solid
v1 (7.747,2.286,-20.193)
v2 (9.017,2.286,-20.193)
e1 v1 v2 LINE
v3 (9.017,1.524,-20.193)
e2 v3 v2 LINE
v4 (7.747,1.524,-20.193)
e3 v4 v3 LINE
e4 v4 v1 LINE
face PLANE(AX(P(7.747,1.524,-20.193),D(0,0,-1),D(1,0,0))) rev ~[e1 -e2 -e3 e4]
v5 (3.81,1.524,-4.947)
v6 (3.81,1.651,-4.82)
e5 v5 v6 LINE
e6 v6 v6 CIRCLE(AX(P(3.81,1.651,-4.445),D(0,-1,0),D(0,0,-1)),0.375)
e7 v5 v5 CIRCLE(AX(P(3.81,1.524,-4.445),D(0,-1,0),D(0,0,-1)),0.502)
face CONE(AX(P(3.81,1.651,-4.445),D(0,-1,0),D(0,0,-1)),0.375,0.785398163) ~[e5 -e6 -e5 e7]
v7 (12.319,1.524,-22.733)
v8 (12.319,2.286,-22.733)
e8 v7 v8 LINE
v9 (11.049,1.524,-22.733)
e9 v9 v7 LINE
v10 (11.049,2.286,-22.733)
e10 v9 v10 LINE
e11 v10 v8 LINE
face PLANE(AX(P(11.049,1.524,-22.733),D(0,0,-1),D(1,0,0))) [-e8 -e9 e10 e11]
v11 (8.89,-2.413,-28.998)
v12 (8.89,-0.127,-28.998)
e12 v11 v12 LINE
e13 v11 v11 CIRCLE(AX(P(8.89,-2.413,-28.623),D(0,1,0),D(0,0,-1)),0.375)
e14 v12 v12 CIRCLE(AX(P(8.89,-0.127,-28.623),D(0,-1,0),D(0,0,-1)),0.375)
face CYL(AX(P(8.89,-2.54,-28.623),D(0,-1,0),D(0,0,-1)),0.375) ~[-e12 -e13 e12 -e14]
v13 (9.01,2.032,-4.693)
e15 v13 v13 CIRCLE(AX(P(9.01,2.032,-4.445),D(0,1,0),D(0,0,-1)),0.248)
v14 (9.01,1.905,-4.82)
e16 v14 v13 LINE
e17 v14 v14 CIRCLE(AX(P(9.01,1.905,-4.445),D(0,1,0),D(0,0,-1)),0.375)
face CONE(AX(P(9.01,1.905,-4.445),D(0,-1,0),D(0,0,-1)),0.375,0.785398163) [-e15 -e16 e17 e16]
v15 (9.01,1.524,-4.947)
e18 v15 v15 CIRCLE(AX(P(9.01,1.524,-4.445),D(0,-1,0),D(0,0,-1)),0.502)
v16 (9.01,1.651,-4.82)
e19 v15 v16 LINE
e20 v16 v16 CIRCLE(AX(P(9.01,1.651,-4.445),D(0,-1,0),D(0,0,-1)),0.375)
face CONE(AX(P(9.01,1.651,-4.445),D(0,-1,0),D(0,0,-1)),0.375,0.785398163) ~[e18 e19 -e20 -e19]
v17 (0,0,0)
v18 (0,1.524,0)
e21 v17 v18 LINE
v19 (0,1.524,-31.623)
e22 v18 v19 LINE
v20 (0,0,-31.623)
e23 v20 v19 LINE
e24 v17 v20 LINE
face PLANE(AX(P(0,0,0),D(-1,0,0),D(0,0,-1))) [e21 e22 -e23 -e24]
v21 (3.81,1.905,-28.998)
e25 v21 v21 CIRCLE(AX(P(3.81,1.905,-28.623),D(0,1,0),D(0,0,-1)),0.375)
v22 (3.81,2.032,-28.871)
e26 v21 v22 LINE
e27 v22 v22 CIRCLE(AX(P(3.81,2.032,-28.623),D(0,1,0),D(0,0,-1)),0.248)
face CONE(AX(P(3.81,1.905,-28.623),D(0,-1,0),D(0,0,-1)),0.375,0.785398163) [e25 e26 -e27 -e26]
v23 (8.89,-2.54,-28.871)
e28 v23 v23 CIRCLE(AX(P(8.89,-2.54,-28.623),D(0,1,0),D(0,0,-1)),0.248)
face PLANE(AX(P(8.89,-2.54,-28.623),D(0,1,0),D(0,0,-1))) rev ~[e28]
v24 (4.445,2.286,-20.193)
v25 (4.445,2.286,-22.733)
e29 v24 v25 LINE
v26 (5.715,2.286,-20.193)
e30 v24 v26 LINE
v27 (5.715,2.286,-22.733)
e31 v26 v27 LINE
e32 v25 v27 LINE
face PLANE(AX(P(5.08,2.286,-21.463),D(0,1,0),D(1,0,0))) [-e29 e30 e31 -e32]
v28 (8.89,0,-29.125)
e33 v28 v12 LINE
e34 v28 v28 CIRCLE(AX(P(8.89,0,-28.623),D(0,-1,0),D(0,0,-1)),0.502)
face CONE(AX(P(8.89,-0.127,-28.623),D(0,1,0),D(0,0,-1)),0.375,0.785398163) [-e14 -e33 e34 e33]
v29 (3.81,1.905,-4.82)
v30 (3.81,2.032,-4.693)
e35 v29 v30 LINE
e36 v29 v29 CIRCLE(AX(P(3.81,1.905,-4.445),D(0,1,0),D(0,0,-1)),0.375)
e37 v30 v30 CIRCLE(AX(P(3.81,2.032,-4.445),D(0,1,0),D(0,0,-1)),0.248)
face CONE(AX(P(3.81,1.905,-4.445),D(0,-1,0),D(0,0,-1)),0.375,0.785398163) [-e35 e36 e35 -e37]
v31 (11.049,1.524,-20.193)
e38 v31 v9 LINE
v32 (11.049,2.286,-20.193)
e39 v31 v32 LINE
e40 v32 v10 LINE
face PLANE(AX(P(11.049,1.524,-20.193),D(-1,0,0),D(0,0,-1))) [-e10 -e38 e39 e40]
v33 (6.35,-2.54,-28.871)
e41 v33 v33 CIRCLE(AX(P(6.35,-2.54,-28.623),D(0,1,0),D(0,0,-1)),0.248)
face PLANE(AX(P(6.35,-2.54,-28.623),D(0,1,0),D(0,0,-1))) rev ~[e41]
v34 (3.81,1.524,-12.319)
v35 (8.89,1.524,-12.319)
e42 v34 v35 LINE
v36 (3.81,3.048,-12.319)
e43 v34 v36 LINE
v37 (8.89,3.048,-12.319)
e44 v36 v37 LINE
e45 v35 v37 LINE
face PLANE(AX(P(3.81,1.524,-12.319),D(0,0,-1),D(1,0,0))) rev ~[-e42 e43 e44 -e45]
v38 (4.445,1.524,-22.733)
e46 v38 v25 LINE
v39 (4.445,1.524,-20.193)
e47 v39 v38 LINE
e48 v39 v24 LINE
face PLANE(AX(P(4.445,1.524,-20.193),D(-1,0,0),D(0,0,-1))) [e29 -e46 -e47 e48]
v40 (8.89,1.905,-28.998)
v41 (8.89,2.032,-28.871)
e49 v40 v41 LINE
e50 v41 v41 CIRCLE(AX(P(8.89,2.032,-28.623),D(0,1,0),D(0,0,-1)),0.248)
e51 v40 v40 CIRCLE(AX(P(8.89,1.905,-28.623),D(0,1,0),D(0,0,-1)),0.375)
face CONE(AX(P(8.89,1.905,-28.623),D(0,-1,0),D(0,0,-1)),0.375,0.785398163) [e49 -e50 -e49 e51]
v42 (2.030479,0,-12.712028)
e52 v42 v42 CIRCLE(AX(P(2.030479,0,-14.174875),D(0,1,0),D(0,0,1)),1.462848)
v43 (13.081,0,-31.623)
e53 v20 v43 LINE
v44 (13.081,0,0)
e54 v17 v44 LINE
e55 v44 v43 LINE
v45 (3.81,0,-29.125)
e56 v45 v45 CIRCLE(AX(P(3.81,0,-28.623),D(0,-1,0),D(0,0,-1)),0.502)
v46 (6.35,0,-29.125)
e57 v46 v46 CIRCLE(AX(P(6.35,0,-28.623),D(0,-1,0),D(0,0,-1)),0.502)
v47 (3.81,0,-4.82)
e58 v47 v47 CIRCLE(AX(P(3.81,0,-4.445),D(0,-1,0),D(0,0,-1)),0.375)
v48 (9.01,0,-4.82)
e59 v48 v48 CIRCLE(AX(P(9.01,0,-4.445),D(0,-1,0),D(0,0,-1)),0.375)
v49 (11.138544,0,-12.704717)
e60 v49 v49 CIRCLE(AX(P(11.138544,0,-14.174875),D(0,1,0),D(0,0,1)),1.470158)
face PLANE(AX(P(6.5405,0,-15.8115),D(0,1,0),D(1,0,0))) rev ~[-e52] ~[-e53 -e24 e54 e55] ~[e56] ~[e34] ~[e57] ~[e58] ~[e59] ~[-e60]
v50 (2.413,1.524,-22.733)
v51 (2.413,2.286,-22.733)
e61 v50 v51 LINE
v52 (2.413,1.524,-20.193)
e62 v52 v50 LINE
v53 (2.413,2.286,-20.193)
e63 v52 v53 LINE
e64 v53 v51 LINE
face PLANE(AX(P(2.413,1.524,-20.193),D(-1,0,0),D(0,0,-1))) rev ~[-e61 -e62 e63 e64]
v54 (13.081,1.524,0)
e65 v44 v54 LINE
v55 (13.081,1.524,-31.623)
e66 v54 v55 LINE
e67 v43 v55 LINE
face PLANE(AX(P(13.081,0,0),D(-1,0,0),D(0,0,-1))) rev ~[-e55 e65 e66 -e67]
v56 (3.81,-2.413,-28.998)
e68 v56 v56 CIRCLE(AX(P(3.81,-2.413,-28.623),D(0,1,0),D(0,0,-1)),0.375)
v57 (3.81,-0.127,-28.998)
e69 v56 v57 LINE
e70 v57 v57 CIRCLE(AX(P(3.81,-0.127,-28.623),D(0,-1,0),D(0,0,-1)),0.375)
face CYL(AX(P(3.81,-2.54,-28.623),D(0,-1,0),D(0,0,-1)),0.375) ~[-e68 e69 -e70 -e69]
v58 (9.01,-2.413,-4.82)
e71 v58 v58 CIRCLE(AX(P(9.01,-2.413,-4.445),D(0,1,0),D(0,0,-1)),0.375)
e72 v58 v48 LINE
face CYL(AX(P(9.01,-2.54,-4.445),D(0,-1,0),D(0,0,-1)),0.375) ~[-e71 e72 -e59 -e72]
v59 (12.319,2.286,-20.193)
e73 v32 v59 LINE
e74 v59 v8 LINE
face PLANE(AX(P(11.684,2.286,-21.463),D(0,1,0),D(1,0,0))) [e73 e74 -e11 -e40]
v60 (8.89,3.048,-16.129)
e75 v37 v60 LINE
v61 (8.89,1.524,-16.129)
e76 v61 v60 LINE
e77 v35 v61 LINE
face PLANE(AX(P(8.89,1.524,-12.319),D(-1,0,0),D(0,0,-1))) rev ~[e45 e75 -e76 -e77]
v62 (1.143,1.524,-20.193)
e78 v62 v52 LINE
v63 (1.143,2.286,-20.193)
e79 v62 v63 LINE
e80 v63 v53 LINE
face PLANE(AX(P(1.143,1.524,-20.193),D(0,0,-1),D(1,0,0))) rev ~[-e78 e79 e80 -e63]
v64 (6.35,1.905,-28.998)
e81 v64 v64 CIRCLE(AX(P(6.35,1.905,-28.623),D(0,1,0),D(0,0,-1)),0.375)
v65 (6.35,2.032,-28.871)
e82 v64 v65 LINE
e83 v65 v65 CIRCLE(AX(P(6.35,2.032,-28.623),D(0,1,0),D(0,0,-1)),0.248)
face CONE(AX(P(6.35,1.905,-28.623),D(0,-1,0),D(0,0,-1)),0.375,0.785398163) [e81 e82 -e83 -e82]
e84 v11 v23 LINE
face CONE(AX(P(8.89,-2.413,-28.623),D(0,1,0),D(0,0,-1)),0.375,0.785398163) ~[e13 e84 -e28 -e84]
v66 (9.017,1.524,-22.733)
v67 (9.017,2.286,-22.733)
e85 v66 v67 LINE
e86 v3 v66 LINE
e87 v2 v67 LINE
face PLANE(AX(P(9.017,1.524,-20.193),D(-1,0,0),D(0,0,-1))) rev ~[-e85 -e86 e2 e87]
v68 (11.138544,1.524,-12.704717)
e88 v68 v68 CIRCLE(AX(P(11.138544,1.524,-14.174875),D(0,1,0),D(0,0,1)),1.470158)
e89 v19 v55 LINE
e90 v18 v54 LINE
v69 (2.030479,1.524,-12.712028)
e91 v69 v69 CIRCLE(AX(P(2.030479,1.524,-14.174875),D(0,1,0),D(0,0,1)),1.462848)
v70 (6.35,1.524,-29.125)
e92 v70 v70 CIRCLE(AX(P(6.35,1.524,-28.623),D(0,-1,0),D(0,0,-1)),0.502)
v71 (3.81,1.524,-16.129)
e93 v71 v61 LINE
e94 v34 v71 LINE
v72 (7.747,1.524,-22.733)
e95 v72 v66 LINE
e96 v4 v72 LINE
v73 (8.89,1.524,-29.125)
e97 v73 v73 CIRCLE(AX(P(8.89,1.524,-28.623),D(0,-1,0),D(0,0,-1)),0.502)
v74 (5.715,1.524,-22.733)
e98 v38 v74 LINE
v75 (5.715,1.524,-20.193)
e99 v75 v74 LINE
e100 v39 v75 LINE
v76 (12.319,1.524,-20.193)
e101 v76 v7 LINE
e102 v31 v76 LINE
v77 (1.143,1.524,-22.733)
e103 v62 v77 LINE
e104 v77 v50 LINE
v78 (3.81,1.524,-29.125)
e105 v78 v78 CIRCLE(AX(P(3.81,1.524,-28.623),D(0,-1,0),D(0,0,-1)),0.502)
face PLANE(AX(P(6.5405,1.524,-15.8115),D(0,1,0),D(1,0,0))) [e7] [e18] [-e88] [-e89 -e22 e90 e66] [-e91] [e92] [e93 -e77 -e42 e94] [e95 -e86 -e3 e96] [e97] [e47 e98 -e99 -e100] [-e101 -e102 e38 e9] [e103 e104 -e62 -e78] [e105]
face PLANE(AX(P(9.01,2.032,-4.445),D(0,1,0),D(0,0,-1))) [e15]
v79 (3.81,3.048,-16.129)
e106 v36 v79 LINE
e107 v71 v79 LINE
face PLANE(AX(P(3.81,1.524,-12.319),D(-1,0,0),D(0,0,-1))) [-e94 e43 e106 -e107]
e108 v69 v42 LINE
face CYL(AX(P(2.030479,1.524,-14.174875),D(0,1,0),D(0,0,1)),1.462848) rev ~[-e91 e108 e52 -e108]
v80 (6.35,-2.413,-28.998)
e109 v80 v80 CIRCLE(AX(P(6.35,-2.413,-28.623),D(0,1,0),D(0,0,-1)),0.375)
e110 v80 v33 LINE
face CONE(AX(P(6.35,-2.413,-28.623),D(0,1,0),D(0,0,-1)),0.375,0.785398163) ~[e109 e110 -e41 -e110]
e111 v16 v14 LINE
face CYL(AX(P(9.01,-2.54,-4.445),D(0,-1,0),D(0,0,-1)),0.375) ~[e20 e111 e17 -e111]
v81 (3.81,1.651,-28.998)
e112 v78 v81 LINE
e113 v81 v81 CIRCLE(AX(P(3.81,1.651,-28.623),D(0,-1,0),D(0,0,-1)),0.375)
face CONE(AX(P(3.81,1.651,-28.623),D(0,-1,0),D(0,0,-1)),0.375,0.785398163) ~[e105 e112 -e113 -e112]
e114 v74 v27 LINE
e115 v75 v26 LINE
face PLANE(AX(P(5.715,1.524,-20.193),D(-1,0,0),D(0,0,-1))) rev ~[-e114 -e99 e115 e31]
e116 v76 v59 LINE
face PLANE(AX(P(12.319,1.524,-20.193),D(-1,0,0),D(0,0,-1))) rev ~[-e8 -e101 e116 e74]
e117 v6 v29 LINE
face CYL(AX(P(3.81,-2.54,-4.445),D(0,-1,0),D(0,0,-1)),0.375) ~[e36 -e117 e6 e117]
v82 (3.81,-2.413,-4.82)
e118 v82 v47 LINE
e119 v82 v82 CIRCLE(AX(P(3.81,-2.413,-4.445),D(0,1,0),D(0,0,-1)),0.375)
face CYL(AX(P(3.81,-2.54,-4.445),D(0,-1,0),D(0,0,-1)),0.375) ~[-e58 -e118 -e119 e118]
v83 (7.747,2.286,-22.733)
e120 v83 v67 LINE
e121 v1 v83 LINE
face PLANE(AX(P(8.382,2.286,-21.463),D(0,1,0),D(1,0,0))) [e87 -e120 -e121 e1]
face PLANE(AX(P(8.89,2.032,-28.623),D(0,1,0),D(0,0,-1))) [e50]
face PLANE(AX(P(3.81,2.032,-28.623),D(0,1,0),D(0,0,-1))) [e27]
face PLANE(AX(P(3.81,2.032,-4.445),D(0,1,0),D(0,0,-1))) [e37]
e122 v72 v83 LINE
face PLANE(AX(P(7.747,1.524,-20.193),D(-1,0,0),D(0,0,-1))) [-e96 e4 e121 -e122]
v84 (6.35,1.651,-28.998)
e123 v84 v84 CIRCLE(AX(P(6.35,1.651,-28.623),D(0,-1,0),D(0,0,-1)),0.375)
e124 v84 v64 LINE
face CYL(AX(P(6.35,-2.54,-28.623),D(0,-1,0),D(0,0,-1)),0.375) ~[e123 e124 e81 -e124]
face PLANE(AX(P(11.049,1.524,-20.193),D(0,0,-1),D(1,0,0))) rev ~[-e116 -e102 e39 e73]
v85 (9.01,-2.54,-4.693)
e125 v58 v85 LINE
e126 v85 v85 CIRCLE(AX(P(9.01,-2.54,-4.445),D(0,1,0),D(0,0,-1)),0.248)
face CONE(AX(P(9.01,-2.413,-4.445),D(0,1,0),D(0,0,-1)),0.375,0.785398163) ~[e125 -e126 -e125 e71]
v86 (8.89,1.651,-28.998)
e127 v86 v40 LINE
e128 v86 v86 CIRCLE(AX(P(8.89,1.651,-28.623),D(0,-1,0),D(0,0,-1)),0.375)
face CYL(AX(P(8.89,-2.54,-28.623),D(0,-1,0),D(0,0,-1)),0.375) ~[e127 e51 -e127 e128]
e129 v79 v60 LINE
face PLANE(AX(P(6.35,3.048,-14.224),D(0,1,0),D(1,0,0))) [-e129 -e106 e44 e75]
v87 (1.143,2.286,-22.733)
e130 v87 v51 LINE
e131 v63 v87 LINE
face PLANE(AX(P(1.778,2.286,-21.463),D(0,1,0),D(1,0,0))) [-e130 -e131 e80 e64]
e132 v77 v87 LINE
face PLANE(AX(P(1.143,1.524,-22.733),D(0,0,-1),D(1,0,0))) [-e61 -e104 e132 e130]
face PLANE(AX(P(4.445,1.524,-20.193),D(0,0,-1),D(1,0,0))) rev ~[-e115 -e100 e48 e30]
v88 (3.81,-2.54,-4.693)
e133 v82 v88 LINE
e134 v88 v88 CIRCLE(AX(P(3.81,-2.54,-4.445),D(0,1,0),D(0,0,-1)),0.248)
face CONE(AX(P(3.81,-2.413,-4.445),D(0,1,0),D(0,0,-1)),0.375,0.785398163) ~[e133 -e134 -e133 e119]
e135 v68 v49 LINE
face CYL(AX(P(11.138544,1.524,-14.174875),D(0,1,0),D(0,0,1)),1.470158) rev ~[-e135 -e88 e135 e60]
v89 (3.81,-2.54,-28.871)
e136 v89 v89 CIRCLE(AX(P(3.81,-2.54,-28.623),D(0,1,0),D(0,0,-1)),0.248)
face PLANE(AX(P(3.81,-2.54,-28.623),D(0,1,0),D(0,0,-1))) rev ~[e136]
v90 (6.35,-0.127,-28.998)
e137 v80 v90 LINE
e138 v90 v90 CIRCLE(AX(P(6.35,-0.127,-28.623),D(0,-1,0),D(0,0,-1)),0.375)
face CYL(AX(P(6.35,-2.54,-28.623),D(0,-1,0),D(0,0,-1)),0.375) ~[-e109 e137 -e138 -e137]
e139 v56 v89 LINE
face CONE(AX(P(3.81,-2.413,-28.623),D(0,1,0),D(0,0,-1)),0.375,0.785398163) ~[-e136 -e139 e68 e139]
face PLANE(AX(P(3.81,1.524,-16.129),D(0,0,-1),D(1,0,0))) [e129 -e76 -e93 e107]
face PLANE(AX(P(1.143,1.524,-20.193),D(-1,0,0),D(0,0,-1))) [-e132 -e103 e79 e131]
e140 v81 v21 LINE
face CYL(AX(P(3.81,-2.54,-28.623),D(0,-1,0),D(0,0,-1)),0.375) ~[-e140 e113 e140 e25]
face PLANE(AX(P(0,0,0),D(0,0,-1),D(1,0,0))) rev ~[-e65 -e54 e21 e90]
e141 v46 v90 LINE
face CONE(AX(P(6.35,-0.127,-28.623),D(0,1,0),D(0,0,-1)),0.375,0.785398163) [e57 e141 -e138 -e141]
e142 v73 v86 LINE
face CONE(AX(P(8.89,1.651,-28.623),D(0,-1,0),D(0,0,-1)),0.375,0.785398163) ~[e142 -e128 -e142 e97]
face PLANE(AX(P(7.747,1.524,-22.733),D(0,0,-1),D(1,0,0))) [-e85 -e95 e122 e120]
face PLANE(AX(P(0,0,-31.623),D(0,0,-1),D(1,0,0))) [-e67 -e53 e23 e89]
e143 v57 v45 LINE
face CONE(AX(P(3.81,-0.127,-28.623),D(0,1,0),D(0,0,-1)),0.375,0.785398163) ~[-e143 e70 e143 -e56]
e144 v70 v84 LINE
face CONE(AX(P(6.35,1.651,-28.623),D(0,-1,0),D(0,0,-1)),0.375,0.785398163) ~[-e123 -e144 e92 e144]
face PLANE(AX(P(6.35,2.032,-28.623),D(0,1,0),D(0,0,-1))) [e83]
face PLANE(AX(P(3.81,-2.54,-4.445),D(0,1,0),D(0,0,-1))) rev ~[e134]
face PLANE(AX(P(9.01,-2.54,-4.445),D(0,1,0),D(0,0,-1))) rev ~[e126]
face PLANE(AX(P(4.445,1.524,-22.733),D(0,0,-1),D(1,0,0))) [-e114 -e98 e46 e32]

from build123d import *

# Parameters (mm, degrees)
SKETCH2_W                = 13.081
SKETCH2_H                = 31.623
BOSS_EXTRUDE1_DEPTH      = 1.524
BOSS_EXTRUDE3_DEPTH      = 0.508
BOSS_EXTRUDE3_DEPTH_BACK = 4.064
SKETCH3_R                = 0.375
CHAMFER2_SIZE            = 0.127
SKETCH4_W                = 1.27
SKETCH4_H                = 2.54
BOSS_EXTRUDE4_DEPTH      = 0.762
SKETCH5_W                = 5.08
SKETCH5_H                = 3.81
BOSS_EXTRUDE5_DEPTH      = 1.524
SKETCH6_R                = 1.462847535
SKETCH6_R_2              = 1.470158192
CUT_EXTRUDE1_DEPTH       = 1.524


with BuildPart() as part:
    # Sketch2 → Boss-Extrude1 (new body)
    with BuildSketch(Plane(origin=(0, 0, 0), x_dir=(1, 0, 0), z_dir=(0, 1, 0))):
        with Locations((6.5405, 15.8115)):
            Rectangle(SKETCH2_W, SKETCH2_H)
    extrude(amount=BOSS_EXTRUDE1_DEPTH)

    # Sketch3 → Boss-Extrude3 (add, two sides: drawn at the far end of the back side and taken through both)
    with BuildSketch(Plane(origin=(0, 1.524, 0), x_dir=(1, 0, 0), z_dir=(0, 1, 0)).offset(-BOSS_EXTRUDE3_DEPTH_BACK)):
        with Locations(Location((3.81, 28.623, 0), (0, 0, 90))):
            Circle(SKETCH3_R)
        with Locations(Location((6.35, 28.623, 0), (0, 0, 90))):
            Circle(SKETCH3_R)
        with Locations(Location((8.89, 28.623, 0), (0, 0, 90))):
            Circle(SKETCH3_R)
        with Locations(Location((3.81, 4.445, 0), (0, 0, 90))):
            Circle(SKETCH3_R)
        with Locations(Location((9.01, 4.445, 0), (0, 0, 90))):
            Circle(SKETCH3_R)
    extrude(amount=BOSS_EXTRUDE3_DEPTH + BOSS_EXTRUDE3_DEPTH_BACK)

    # Chamfer2
    chamfer2_edges = [part.edges().sort_by_distance(p)[0] for p in [
        (3.81, 1.524, -28.248),
        (3.81, 0, -28.248),
        (3.81, -2.54, -28.248),
        (3.81, 2.032, -28.248),
        (6.35, 1.524, -28.248),
        (6.35, 0, -28.248),
        (6.35, -2.54, -28.248),
        (6.35, 2.032, -28.248),
        (8.89, 1.524, -28.248),
        (8.89, 0, -28.248),
        (8.89, -2.54, -28.248),
        (8.89, 2.032, -28.248),
        (3.81, 1.524, -4.07),
        (3.81, -2.54, -4.07),
        (3.81, 2.032, -4.07),
        (9.01, 1.524, -4.07),
        (9.01, -2.54, -4.07),
        (9.01, 2.032, -4.07),
    ]]
    chamfer(chamfer2_edges, length=CHAMFER2_SIZE)

    # Sketch4 → Boss-Extrude4 (add)
    with BuildSketch(Plane(origin=(0, 1.524, 0), x_dir=(1, 0, 0), z_dir=(0, 1, 0))):
        with Locations((1.778, 21.463)):
            Rectangle(SKETCH4_W, SKETCH4_H)
        with Locations((5.08, 21.463)):
            Rectangle(SKETCH4_W, SKETCH4_H)
        with Locations((8.382, 21.463)):
            Rectangle(SKETCH4_W, SKETCH4_H)
        with Locations((11.684, 21.463)):
            Rectangle(SKETCH4_W, SKETCH4_H)
    extrude(amount=BOSS_EXTRUDE4_DEPTH)

    # Sketch5 → Boss-Extrude5 (add)
    with BuildSketch(Plane(origin=(0, 1.524, 0), x_dir=(1, 0, 0), z_dir=(0, 1, 0))):
        with Locations((6.35, 14.224)):
            Rectangle(SKETCH5_W, SKETCH5_H)
    extrude(amount=BOSS_EXTRUDE5_DEPTH)

    # Sketch6 → Cut-Extrude1 (cut)
    with BuildSketch(Plane(origin=(0, 1.524, 0), x_dir=(1, 0, 0), z_dir=(0, 1, 0))):
        with Locations(Location((2.030479475, 14.174875331, 0), (0, 0, 270))):
            Circle(SKETCH6_R)
        with Locations(Location((11.138543977, 14.174875331, 0), (0, 0, 270))):
            Circle(SKETCH6_R_2)
    extrude(amount=-CUT_EXTRUDE1_DEPTH, mode=Mode.SUBTRACT)


solid = part.part
